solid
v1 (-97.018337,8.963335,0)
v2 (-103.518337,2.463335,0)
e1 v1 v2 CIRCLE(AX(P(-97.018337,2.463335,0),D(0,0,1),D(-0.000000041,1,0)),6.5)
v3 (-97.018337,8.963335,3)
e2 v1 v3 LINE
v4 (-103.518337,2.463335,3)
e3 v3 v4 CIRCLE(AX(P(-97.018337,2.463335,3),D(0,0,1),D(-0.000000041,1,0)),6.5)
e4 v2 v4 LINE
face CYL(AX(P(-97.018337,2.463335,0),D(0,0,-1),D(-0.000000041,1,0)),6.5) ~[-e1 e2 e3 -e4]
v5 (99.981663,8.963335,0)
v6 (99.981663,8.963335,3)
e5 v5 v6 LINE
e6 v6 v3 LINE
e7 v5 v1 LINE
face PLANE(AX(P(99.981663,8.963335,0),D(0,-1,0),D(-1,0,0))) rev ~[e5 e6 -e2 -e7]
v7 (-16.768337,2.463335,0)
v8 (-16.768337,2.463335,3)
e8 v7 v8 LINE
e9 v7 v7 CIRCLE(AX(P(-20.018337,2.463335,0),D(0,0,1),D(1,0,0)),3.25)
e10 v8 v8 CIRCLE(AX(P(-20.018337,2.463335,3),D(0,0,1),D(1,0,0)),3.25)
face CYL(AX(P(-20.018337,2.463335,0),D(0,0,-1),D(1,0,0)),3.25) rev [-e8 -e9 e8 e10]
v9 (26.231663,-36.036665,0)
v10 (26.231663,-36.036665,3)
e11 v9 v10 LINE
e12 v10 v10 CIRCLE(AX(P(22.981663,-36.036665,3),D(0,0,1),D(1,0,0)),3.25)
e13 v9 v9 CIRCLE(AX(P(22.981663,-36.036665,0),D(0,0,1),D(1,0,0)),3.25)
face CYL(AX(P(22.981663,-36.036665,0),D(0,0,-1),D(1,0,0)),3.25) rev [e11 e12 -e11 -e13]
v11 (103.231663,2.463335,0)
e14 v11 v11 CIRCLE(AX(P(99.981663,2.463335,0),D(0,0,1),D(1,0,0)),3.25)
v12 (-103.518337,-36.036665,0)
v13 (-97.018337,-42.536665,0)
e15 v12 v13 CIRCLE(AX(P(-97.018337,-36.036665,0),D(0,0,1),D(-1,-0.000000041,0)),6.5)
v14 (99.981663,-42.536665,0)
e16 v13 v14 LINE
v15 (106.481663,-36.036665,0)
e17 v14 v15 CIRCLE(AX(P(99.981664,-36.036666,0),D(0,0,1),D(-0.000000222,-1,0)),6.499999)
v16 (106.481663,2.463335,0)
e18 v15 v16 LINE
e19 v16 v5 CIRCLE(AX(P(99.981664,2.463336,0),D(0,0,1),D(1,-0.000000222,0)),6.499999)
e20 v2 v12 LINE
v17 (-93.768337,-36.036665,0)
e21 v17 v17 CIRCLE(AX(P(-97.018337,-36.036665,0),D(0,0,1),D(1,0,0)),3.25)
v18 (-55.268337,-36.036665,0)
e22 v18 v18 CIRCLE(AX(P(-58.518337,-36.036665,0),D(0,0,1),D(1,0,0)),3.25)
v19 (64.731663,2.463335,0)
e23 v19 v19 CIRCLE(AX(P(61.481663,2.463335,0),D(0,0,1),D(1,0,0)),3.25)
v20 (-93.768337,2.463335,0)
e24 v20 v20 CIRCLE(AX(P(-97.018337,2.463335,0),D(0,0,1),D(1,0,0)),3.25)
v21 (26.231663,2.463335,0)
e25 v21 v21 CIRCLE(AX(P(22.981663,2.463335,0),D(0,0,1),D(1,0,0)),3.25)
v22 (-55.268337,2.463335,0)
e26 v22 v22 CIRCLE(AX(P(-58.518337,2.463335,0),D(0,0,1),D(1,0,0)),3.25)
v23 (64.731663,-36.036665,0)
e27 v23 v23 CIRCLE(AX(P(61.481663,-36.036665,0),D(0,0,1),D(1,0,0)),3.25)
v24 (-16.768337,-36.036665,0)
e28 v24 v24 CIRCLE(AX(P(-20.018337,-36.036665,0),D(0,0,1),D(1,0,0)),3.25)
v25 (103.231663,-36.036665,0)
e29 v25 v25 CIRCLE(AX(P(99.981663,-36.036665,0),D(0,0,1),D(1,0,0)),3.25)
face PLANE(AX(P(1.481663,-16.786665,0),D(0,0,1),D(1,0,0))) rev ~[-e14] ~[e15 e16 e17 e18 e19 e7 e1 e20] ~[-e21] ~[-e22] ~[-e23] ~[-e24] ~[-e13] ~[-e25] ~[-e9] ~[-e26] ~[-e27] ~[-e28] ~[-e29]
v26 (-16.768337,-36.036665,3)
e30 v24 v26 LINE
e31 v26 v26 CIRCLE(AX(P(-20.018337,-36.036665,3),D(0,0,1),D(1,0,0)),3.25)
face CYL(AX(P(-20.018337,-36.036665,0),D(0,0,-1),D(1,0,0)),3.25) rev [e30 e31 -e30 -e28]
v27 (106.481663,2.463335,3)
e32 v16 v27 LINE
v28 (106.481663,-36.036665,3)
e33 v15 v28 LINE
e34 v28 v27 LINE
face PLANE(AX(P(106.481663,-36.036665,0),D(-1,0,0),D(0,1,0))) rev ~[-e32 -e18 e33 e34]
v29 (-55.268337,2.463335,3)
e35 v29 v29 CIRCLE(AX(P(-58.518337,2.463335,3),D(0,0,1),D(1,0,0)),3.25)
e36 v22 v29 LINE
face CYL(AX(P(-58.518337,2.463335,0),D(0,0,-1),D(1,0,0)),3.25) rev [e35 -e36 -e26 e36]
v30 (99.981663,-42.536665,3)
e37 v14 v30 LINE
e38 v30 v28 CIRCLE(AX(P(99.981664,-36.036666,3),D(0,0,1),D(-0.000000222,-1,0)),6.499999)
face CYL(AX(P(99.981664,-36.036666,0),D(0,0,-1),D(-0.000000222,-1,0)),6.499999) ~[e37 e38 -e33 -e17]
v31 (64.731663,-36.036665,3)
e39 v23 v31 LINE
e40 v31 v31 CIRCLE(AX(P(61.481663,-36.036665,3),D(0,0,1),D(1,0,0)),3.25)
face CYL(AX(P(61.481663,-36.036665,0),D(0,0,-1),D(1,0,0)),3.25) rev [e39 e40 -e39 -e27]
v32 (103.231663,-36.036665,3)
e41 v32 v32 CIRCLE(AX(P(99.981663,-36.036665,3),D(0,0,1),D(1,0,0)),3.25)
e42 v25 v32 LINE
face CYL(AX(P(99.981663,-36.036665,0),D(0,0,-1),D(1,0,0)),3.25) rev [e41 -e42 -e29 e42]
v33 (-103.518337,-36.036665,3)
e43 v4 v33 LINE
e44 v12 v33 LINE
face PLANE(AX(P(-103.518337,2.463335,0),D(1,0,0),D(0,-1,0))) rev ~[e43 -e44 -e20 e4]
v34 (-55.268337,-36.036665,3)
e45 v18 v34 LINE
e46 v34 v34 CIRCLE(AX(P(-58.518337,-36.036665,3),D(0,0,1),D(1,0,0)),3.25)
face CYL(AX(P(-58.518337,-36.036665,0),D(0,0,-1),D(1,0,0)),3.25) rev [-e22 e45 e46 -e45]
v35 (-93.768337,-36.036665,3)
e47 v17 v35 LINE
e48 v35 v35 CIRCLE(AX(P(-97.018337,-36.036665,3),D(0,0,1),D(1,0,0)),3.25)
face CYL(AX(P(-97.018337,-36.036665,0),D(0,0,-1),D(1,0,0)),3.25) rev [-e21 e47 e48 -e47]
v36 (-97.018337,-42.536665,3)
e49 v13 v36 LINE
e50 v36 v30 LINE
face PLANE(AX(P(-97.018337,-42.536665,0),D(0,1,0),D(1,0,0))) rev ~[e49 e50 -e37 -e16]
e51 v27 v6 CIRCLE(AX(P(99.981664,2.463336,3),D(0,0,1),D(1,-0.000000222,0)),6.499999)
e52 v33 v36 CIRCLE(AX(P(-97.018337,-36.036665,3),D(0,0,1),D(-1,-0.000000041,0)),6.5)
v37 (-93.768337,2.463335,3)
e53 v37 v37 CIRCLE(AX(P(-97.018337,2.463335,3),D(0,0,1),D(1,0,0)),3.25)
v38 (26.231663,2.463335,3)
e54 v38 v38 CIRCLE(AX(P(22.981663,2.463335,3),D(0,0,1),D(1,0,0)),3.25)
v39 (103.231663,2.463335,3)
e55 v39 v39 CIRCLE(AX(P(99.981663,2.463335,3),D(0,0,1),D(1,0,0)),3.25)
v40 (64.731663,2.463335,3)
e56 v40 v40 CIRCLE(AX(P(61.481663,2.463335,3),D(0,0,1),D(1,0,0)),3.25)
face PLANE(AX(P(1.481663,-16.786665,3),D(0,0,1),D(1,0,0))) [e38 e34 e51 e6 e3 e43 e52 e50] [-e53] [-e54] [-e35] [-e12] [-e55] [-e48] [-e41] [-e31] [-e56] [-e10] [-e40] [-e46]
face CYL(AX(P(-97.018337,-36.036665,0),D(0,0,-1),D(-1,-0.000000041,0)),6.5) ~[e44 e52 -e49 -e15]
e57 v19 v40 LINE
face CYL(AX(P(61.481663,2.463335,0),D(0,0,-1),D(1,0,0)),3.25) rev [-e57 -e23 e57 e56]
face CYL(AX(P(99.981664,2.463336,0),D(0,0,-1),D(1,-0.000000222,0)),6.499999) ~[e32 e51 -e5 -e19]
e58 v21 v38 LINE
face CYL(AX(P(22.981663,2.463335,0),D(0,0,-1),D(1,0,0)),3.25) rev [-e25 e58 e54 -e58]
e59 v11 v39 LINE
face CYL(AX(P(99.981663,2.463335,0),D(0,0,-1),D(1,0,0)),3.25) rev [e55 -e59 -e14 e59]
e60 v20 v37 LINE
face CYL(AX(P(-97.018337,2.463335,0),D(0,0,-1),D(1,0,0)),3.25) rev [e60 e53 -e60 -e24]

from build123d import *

# Parameters (mm, degrees)
F0_R     = 3.25
F1_DEPTH = 3


with BuildPart() as f1:
    # F0 (on Top) → F1 (new body)
    with BuildSketch(Plane.XY):
        with BuildLine():
            Line((99.981663, 8.963335), (-97.018337, 8.963335))
            ThreePointArc((-97.018337, 8.963335), (-101.614531, 7.059529), (-103.518337, 2.463335))
            Line((-103.518337, 2.463335), (-103.518337, -36.036665))
            ThreePointArc((-103.518337, -36.036665), (-101.614531, -40.632859), (-97.018337, -42.536665))
            Line((-97.018337, -42.536665), (99.981663, -42.536665))
            ThreePointArc((99.981663, -42.536665), (104.577858, -40.632859), (106.481663, -36.036665))
            Line((106.481663, -36.036665), (106.481663, 2.463335))
            ThreePointArc((106.481663, 2.463335), (104.577858, 7.059529), (99.981663, 8.963335))
        make_face()
        with Locations((-97.018337, -36.036665)):
            Circle(F0_R, mode=Mode.SUBTRACT)
        with Locations((-58.518337, -36.036665)):
            Circle(F0_R, mode=Mode.SUBTRACT)
        with Locations((-20.018337, -36.036665)):
            Circle(F0_R, mode=Mode.SUBTRACT)
        with Locations((22.981663, -36.036665)):
            Circle(F0_R, mode=Mode.SUBTRACT)
        with Locations((61.481663, -36.036665)):
            Circle(F0_R, mode=Mode.SUBTRACT)
        with Locations((99.981663, -36.036665)):
            Circle(F0_R, mode=Mode.SUBTRACT)
        with Locations((-97.018337, 2.463335)):
            Circle(F0_R, mode=Mode.SUBTRACT)
        with Locations((-58.518337, 2.463335)):
            Circle(F0_R, mode=Mode.SUBTRACT)
        with Locations((-20.018337, 2.463335)):
            Circle(F0_R, mode=Mode.SUBTRACT)
        with Locations((22.981663, 2.463335)):
            Circle(F0_R, mode=Mode.SUBTRACT)
        with Locations((61.481663, 2.463335)):
            Circle(F0_R, mode=Mode.SUBTRACT)
        with Locations((99.981663, 2.463335)):
            Circle(F0_R, mode=Mode.SUBTRACT)
    extrude(amount=F1_DEPTH)


solid = f1.part
